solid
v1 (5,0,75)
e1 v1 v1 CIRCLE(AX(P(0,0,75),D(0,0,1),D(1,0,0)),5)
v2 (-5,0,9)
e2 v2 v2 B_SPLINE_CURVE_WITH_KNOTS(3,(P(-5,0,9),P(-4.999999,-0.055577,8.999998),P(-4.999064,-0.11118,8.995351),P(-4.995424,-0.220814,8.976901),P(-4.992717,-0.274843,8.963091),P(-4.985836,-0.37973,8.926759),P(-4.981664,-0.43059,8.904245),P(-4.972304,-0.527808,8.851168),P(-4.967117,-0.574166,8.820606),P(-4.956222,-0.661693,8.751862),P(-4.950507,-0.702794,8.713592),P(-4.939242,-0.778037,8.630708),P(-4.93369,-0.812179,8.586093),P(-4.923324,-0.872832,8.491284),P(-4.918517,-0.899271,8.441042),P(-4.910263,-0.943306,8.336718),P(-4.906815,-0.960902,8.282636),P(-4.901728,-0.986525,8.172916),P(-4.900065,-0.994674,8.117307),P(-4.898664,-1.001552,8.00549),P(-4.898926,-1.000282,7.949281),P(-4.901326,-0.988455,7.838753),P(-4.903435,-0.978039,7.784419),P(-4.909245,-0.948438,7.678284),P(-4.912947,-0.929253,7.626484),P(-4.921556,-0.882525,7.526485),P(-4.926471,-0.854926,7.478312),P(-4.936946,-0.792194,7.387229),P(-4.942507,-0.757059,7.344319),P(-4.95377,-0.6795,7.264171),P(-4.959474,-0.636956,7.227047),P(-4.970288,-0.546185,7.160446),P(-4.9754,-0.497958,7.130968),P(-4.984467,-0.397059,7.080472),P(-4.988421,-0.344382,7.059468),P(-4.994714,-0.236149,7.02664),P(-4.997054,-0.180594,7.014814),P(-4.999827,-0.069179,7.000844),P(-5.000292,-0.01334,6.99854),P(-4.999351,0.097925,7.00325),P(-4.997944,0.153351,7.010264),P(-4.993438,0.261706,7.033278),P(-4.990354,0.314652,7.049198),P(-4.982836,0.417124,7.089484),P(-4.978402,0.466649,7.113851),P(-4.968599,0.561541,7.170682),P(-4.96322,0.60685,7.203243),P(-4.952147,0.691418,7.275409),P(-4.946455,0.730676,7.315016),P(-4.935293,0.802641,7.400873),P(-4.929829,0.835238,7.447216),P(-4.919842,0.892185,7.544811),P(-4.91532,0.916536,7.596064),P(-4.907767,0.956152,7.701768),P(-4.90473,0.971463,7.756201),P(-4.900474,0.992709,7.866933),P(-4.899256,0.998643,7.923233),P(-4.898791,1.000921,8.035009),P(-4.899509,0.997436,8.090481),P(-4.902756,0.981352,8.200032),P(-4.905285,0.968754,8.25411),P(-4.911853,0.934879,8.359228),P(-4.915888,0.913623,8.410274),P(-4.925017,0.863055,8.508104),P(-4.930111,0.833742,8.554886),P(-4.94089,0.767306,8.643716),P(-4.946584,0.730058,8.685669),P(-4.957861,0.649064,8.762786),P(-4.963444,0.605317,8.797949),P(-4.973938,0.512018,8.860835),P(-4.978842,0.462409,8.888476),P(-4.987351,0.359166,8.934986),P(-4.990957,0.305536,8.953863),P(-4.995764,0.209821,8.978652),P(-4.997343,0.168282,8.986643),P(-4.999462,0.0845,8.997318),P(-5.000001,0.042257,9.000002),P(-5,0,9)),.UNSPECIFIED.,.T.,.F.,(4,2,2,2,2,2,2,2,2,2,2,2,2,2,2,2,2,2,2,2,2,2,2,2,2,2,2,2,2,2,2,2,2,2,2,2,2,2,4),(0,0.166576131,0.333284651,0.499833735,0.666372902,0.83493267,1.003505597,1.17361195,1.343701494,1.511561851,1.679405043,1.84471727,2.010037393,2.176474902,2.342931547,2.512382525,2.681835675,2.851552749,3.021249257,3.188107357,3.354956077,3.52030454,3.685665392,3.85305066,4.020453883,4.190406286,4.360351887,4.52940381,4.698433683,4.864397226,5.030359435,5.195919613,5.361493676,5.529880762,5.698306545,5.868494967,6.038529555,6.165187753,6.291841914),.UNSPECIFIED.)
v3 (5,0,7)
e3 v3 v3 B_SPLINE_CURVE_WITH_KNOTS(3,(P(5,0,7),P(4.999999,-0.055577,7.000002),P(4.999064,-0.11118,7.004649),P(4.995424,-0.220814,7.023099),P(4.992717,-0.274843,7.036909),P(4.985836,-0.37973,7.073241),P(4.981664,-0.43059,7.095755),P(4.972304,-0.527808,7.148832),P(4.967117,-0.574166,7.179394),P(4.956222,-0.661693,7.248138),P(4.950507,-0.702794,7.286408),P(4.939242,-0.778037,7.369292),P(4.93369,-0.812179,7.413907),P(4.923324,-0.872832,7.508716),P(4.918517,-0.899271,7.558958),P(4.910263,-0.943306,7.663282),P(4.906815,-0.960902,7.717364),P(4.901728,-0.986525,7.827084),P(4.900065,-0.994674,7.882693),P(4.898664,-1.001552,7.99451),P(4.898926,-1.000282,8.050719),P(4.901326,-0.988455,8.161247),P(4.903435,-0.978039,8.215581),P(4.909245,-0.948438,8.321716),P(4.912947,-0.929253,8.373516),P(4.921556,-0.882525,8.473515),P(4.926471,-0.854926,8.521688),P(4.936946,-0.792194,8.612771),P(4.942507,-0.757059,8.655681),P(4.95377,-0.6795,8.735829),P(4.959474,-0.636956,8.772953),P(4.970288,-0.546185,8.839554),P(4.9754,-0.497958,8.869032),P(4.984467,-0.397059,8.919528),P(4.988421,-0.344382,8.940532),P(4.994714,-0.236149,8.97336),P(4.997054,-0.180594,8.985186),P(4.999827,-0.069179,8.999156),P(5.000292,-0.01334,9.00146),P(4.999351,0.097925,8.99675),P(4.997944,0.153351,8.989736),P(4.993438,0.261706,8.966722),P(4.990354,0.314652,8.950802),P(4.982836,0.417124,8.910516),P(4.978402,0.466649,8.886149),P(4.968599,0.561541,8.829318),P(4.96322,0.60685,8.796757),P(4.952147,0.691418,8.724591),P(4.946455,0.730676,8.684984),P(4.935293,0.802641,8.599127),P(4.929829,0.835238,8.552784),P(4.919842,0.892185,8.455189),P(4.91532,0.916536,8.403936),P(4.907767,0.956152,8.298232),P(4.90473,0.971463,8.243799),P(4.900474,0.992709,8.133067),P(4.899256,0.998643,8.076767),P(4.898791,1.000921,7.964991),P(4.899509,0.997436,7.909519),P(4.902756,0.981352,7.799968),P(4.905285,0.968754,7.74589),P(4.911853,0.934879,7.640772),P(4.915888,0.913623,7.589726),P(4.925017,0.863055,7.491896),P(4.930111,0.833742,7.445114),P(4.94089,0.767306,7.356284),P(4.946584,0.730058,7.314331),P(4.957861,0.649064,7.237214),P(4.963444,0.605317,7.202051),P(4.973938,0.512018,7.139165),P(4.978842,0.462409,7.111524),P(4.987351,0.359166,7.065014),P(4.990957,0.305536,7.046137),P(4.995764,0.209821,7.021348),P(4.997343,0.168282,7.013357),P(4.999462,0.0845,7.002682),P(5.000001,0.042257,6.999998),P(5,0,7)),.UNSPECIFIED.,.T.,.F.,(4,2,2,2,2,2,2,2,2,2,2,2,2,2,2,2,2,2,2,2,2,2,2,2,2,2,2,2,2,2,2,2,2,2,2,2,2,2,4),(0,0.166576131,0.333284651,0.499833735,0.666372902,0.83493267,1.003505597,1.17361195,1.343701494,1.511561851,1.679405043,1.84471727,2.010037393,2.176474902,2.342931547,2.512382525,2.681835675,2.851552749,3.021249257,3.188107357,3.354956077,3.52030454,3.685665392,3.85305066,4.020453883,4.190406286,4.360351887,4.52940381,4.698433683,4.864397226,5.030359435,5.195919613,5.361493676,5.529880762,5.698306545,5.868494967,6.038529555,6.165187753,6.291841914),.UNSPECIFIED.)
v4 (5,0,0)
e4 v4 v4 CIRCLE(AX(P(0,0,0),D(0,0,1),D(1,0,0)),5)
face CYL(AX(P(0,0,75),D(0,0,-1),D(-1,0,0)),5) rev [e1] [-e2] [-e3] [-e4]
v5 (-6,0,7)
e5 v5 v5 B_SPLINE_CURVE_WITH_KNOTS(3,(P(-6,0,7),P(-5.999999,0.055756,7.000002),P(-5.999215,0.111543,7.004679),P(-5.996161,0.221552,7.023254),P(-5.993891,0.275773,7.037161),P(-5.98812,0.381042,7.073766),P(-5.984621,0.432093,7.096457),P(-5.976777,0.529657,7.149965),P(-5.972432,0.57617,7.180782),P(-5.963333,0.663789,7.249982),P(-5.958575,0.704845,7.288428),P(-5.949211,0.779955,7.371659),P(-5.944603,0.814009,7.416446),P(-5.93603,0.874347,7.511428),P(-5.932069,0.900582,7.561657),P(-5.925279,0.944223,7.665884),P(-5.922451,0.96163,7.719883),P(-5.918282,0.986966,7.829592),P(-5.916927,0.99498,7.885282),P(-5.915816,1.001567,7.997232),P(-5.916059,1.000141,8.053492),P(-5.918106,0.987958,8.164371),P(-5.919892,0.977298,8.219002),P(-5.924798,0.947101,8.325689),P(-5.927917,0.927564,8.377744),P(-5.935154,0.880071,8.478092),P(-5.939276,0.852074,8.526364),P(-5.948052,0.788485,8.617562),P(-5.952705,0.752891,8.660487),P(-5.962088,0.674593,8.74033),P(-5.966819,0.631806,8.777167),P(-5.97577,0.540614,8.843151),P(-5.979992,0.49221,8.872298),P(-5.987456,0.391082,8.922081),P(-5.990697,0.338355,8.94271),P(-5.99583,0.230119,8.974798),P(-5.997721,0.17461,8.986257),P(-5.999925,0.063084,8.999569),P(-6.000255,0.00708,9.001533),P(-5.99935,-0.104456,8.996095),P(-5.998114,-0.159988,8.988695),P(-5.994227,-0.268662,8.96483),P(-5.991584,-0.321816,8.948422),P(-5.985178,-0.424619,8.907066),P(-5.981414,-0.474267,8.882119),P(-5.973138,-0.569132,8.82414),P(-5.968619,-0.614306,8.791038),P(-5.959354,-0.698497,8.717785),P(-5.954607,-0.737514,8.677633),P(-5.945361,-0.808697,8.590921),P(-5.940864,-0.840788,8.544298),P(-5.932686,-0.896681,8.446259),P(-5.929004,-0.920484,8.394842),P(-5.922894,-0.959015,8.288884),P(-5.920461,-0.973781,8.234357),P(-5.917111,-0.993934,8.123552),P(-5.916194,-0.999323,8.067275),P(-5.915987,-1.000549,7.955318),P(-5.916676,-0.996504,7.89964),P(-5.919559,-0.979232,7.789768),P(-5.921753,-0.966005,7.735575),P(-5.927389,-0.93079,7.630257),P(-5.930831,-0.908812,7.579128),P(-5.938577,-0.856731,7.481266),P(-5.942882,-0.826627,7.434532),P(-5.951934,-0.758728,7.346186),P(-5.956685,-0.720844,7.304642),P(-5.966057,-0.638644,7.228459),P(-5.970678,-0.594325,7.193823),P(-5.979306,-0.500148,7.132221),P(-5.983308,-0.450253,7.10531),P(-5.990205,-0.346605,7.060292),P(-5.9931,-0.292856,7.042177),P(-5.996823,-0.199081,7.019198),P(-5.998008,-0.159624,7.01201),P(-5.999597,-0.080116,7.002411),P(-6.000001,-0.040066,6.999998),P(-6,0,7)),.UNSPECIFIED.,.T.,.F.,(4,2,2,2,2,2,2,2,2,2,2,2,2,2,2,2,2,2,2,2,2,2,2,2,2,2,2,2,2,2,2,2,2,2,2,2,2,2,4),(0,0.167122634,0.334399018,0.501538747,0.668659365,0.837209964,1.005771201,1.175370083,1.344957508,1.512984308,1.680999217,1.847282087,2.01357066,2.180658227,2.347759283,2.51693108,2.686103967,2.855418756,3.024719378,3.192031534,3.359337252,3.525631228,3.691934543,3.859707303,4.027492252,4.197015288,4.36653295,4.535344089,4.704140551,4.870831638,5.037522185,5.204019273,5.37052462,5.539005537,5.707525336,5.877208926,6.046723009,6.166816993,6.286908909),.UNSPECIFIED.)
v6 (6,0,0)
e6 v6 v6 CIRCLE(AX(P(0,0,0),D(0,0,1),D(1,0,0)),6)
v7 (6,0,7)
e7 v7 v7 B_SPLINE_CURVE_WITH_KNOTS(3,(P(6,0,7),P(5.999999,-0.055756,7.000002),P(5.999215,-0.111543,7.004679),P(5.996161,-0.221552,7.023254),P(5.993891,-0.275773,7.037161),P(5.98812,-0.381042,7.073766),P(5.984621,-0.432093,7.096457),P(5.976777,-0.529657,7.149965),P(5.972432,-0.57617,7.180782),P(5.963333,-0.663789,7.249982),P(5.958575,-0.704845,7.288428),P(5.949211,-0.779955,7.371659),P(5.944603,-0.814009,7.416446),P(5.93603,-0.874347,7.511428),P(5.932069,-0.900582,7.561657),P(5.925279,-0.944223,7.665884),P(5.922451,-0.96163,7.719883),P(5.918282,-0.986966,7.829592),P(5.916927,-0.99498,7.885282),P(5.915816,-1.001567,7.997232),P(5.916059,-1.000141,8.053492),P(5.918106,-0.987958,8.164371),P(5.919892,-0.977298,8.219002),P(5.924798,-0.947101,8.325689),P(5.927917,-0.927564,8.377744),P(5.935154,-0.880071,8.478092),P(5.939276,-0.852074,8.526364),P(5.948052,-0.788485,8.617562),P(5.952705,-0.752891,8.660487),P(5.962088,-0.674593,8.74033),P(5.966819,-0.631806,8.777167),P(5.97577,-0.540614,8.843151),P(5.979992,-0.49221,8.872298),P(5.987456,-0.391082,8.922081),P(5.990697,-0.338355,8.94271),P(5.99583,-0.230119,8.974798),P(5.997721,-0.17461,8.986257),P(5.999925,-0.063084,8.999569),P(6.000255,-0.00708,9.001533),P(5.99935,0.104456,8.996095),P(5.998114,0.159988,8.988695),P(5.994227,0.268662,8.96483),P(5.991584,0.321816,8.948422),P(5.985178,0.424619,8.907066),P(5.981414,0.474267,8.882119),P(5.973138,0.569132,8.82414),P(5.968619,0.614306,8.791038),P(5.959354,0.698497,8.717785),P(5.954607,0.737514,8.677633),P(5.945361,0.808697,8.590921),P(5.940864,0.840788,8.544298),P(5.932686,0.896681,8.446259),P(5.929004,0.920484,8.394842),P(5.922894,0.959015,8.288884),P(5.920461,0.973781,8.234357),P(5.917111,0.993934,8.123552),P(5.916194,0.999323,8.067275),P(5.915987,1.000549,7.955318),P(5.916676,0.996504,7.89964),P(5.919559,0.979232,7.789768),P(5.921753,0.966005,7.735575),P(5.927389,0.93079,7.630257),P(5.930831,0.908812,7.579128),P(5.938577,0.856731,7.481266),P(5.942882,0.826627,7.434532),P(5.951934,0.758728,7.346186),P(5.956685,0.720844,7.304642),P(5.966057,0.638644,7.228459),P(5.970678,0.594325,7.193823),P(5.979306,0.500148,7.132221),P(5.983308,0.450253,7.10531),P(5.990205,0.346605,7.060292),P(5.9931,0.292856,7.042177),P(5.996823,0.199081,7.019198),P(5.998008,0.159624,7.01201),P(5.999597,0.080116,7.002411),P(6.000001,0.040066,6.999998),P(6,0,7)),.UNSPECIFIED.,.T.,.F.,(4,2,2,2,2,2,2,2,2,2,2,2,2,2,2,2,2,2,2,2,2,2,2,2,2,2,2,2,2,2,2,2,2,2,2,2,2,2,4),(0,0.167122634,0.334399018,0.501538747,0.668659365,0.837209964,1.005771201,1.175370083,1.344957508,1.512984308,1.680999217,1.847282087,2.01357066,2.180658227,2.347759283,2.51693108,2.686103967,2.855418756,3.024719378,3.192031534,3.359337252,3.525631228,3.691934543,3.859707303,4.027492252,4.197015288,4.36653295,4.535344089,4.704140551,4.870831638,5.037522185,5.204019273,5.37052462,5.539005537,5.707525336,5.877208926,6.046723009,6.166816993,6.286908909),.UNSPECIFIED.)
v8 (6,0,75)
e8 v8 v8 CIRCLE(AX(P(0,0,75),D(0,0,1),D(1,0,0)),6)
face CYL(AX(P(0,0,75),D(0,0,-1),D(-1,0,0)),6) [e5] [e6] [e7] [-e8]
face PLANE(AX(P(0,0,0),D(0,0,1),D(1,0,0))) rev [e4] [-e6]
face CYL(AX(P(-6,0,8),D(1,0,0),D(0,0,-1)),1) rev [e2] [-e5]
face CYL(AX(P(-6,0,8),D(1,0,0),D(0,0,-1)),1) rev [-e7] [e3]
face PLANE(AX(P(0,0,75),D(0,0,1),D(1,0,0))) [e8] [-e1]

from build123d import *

# Parameters (mm, degrees)
SKETCH1_R                  = 6
SKETCH1_R_2                = 5
BOSS_EXTRUDE1_DEPTH        = 75
IZIM1_R                    = 1
KES_EKSTR_ZYON1_DEPTH      = 7
KES_EKSTR_ZYON1_DEPTH_BACK = 7


with BuildPart() as part:
    # Sketch1 → Boss-Extrude1 (new body)
    with BuildSketch(Plane.XY):
        Circle(SKETCH1_R)
        Circle(SKETCH1_R_2, mode=Mode.SUBTRACT)
    extrude(amount=BOSS_EXTRUDE1_DEPTH)

    # Çizim1 → Kes-Ekstrüzyon1 (cut, two sides)
    with BuildSketch(Plane(origin=(0, 0, 0), x_dir=(0, 0, -1), z_dir=(1, 0, 0))) as kes_ekstr_zyon1_sk:
        with Locations((-8, 0)):
            Circle(IZIM1_R)
    extrude(amount=KES_EKSTR_ZYON1_DEPTH, mode=Mode.SUBTRACT)
    extrude(kes_ekstr_zyon1_sk.sketch, amount=-KES_EKSTR_ZYON1_DEPTH_BACK, mode=Mode.SUBTRACT)


solid = part.part
